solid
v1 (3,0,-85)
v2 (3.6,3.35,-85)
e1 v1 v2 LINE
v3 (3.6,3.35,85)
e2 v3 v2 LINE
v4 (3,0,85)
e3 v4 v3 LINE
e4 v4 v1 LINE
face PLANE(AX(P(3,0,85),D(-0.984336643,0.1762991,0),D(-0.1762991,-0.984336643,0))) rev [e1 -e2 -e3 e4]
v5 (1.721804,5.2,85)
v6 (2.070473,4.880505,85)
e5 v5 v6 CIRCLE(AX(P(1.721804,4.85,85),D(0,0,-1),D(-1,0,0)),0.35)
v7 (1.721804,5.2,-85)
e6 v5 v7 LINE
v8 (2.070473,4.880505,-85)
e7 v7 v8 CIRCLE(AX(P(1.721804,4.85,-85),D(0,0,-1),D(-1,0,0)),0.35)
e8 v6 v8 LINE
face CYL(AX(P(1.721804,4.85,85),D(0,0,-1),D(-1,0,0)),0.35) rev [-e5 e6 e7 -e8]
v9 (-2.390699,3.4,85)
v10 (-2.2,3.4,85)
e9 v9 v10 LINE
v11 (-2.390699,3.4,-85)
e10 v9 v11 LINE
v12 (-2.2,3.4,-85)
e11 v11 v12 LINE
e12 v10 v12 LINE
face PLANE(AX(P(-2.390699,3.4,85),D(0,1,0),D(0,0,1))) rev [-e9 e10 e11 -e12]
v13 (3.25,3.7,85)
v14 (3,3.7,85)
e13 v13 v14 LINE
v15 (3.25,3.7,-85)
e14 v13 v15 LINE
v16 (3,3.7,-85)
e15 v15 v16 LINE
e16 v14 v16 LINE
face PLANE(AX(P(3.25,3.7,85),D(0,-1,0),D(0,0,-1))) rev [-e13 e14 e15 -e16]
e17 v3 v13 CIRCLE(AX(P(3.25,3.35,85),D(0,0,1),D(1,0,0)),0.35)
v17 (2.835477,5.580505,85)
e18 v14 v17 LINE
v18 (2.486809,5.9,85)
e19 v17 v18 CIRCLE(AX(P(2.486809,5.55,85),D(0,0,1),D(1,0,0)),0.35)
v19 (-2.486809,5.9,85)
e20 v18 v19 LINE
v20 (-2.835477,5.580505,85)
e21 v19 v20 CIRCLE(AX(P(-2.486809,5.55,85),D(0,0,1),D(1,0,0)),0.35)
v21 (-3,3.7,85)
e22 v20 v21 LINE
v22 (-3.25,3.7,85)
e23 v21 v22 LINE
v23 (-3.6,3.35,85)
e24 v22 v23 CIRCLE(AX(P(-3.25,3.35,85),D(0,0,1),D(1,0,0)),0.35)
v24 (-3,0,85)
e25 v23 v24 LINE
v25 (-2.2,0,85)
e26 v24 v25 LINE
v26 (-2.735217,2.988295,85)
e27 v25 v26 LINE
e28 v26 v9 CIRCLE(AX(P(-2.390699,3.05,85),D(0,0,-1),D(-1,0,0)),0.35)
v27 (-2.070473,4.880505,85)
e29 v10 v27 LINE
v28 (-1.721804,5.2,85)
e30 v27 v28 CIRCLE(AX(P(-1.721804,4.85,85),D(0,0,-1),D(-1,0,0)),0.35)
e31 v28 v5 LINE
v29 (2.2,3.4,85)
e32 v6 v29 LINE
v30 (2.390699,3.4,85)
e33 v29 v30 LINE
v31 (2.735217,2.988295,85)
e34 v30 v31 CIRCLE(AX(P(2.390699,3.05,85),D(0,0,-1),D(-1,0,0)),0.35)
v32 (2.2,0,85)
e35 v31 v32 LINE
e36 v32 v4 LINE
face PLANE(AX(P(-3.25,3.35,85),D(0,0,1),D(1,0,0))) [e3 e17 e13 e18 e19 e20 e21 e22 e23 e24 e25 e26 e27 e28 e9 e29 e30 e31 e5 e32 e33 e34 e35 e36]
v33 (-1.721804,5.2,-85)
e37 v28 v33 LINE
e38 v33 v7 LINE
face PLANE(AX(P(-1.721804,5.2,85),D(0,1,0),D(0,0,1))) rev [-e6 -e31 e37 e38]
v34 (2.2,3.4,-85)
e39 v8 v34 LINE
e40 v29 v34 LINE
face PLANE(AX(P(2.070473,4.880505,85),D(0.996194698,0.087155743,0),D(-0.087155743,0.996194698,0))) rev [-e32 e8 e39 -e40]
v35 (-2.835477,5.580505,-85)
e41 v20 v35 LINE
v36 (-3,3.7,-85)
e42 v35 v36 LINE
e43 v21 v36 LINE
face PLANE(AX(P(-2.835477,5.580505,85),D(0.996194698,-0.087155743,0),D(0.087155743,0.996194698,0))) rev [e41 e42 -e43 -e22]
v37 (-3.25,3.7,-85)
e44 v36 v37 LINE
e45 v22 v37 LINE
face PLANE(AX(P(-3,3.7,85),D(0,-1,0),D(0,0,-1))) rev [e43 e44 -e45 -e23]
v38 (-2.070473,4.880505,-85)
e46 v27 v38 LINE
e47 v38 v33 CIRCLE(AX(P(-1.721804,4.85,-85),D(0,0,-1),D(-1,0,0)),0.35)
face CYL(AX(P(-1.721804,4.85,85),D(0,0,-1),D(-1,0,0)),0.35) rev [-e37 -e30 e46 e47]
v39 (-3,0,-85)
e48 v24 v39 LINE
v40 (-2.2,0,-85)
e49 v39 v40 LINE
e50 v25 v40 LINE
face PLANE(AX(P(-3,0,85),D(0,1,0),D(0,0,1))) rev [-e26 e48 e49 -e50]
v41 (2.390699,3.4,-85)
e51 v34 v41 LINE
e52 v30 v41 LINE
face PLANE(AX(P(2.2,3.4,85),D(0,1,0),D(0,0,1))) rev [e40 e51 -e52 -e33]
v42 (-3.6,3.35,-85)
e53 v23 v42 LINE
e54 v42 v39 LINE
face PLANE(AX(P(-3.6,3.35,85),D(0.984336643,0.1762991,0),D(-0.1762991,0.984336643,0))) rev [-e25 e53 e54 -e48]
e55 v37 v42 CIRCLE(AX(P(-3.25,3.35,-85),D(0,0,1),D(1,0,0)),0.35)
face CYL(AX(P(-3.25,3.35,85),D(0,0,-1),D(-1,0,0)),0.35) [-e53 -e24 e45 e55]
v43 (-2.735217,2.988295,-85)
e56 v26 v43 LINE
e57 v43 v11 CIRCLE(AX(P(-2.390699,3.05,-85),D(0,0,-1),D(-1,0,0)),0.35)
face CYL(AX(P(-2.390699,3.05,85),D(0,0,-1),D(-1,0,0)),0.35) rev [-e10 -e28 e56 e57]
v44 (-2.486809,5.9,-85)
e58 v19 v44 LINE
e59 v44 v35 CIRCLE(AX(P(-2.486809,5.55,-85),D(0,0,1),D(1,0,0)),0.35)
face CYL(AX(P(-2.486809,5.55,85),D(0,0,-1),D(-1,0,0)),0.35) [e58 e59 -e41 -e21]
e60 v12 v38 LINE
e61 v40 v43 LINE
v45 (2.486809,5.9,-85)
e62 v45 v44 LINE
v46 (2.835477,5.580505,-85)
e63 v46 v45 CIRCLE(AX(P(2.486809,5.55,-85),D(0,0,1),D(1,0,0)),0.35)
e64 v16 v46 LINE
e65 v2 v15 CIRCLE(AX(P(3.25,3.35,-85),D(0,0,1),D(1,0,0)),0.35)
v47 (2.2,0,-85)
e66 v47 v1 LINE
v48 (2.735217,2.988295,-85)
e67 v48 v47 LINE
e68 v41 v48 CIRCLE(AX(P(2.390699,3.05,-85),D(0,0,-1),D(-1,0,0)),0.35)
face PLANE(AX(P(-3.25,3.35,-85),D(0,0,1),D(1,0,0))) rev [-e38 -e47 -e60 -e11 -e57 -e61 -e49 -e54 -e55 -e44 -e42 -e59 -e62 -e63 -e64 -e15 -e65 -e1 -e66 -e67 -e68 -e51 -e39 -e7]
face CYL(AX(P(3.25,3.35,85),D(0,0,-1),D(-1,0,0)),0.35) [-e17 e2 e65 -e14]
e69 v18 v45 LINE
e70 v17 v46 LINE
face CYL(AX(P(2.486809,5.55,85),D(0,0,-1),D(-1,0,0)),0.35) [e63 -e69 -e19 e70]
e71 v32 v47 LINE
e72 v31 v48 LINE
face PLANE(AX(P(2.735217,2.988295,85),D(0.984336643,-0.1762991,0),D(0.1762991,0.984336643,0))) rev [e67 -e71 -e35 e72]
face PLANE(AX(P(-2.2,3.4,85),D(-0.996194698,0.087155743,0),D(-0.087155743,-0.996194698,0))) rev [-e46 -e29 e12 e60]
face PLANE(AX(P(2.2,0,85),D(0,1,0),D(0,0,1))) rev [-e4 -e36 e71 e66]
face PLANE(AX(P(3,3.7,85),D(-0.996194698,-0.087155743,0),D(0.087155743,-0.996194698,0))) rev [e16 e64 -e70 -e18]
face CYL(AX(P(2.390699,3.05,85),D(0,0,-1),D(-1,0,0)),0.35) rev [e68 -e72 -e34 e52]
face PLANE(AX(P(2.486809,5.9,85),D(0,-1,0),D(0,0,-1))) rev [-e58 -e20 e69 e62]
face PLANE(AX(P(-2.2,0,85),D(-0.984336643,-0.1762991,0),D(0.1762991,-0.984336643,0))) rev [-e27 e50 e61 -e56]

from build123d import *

# Parameters (mm, degrees)
BOSS_EXTRUDE1_DEPTH = 85


with BuildPart() as part:
    # Sketch1 → Boss-Extrude1 (new body, symmetric)
    with BuildSketch(Plane.XY):
        with BuildLine():
            Line((-3.6, 3.35), (-3, 0))
            Line((-3, 0), (-2.2, 0))
            Line((-2.2, 0), (-2.735217071, 2.988295315))
            ThreePointArc((-2.735217071, 2.988295315), (-2.659117427, 3.274614514), (-2.390699246, 3.4))
            Line((-2.390699246, 3.4), (-2.2, 3.4))
            Line((-2.2, 3.4), (-2.070472639, 4.88050451))
            ThreePointArc((-2.070472639, 4.88050451), (-1.958261067, 5.108047068), (-1.721804495, 5.2))
            Line((-1.721804495, 5.2), (1.721804495, 5.2))
            ThreePointArc((1.721804495, 5.2), (1.958261067, 5.108047068), (2.070472639, 4.88050451))
            Line((2.070472639, 4.88050451), (2.2, 3.4))
            Line((2.2, 3.4), (2.390699246, 3.4))
            ThreePointArc((2.390699246, 3.4), (2.659117427, 3.274614514), (2.735217071, 2.988295315))
            Line((2.735217071, 2.988295315), (2.2, 0))
            Line((2.2, 0), (3, 0))
            Line((3, 0), (3.6, 3.35))
            ThreePointArc((3.6, 3.35), (3.497487373, 3.597487373), (3.25, 3.7))
            Line((3.25, 3.7), (3, 3.7))
            Line((3, 3.7), (2.835477174, 5.58050451))
            ThreePointArc((2.835477174, 5.58050451), (2.723265602, 5.808047068), (2.486809029, 5.9))
            Line((2.486809029, 5.9), (-2.486809029, 5.9))
            ThreePointArc((-2.486809029, 5.9), (-2.723265602, 5.808047068), (-2.835477174, 5.58050451))
            Line((-2.835477174, 5.58050451), (-3, 3.7))
            Line((-3, 3.7), (-3.25, 3.7))
            ThreePointArc((-3.25, 3.7), (-3.497487373, 3.597487373), (-3.6, 3.35))
        make_face()
    extrude(amount=BOSS_EXTRUDE1_DEPTH, both=True)


solid = part.part
